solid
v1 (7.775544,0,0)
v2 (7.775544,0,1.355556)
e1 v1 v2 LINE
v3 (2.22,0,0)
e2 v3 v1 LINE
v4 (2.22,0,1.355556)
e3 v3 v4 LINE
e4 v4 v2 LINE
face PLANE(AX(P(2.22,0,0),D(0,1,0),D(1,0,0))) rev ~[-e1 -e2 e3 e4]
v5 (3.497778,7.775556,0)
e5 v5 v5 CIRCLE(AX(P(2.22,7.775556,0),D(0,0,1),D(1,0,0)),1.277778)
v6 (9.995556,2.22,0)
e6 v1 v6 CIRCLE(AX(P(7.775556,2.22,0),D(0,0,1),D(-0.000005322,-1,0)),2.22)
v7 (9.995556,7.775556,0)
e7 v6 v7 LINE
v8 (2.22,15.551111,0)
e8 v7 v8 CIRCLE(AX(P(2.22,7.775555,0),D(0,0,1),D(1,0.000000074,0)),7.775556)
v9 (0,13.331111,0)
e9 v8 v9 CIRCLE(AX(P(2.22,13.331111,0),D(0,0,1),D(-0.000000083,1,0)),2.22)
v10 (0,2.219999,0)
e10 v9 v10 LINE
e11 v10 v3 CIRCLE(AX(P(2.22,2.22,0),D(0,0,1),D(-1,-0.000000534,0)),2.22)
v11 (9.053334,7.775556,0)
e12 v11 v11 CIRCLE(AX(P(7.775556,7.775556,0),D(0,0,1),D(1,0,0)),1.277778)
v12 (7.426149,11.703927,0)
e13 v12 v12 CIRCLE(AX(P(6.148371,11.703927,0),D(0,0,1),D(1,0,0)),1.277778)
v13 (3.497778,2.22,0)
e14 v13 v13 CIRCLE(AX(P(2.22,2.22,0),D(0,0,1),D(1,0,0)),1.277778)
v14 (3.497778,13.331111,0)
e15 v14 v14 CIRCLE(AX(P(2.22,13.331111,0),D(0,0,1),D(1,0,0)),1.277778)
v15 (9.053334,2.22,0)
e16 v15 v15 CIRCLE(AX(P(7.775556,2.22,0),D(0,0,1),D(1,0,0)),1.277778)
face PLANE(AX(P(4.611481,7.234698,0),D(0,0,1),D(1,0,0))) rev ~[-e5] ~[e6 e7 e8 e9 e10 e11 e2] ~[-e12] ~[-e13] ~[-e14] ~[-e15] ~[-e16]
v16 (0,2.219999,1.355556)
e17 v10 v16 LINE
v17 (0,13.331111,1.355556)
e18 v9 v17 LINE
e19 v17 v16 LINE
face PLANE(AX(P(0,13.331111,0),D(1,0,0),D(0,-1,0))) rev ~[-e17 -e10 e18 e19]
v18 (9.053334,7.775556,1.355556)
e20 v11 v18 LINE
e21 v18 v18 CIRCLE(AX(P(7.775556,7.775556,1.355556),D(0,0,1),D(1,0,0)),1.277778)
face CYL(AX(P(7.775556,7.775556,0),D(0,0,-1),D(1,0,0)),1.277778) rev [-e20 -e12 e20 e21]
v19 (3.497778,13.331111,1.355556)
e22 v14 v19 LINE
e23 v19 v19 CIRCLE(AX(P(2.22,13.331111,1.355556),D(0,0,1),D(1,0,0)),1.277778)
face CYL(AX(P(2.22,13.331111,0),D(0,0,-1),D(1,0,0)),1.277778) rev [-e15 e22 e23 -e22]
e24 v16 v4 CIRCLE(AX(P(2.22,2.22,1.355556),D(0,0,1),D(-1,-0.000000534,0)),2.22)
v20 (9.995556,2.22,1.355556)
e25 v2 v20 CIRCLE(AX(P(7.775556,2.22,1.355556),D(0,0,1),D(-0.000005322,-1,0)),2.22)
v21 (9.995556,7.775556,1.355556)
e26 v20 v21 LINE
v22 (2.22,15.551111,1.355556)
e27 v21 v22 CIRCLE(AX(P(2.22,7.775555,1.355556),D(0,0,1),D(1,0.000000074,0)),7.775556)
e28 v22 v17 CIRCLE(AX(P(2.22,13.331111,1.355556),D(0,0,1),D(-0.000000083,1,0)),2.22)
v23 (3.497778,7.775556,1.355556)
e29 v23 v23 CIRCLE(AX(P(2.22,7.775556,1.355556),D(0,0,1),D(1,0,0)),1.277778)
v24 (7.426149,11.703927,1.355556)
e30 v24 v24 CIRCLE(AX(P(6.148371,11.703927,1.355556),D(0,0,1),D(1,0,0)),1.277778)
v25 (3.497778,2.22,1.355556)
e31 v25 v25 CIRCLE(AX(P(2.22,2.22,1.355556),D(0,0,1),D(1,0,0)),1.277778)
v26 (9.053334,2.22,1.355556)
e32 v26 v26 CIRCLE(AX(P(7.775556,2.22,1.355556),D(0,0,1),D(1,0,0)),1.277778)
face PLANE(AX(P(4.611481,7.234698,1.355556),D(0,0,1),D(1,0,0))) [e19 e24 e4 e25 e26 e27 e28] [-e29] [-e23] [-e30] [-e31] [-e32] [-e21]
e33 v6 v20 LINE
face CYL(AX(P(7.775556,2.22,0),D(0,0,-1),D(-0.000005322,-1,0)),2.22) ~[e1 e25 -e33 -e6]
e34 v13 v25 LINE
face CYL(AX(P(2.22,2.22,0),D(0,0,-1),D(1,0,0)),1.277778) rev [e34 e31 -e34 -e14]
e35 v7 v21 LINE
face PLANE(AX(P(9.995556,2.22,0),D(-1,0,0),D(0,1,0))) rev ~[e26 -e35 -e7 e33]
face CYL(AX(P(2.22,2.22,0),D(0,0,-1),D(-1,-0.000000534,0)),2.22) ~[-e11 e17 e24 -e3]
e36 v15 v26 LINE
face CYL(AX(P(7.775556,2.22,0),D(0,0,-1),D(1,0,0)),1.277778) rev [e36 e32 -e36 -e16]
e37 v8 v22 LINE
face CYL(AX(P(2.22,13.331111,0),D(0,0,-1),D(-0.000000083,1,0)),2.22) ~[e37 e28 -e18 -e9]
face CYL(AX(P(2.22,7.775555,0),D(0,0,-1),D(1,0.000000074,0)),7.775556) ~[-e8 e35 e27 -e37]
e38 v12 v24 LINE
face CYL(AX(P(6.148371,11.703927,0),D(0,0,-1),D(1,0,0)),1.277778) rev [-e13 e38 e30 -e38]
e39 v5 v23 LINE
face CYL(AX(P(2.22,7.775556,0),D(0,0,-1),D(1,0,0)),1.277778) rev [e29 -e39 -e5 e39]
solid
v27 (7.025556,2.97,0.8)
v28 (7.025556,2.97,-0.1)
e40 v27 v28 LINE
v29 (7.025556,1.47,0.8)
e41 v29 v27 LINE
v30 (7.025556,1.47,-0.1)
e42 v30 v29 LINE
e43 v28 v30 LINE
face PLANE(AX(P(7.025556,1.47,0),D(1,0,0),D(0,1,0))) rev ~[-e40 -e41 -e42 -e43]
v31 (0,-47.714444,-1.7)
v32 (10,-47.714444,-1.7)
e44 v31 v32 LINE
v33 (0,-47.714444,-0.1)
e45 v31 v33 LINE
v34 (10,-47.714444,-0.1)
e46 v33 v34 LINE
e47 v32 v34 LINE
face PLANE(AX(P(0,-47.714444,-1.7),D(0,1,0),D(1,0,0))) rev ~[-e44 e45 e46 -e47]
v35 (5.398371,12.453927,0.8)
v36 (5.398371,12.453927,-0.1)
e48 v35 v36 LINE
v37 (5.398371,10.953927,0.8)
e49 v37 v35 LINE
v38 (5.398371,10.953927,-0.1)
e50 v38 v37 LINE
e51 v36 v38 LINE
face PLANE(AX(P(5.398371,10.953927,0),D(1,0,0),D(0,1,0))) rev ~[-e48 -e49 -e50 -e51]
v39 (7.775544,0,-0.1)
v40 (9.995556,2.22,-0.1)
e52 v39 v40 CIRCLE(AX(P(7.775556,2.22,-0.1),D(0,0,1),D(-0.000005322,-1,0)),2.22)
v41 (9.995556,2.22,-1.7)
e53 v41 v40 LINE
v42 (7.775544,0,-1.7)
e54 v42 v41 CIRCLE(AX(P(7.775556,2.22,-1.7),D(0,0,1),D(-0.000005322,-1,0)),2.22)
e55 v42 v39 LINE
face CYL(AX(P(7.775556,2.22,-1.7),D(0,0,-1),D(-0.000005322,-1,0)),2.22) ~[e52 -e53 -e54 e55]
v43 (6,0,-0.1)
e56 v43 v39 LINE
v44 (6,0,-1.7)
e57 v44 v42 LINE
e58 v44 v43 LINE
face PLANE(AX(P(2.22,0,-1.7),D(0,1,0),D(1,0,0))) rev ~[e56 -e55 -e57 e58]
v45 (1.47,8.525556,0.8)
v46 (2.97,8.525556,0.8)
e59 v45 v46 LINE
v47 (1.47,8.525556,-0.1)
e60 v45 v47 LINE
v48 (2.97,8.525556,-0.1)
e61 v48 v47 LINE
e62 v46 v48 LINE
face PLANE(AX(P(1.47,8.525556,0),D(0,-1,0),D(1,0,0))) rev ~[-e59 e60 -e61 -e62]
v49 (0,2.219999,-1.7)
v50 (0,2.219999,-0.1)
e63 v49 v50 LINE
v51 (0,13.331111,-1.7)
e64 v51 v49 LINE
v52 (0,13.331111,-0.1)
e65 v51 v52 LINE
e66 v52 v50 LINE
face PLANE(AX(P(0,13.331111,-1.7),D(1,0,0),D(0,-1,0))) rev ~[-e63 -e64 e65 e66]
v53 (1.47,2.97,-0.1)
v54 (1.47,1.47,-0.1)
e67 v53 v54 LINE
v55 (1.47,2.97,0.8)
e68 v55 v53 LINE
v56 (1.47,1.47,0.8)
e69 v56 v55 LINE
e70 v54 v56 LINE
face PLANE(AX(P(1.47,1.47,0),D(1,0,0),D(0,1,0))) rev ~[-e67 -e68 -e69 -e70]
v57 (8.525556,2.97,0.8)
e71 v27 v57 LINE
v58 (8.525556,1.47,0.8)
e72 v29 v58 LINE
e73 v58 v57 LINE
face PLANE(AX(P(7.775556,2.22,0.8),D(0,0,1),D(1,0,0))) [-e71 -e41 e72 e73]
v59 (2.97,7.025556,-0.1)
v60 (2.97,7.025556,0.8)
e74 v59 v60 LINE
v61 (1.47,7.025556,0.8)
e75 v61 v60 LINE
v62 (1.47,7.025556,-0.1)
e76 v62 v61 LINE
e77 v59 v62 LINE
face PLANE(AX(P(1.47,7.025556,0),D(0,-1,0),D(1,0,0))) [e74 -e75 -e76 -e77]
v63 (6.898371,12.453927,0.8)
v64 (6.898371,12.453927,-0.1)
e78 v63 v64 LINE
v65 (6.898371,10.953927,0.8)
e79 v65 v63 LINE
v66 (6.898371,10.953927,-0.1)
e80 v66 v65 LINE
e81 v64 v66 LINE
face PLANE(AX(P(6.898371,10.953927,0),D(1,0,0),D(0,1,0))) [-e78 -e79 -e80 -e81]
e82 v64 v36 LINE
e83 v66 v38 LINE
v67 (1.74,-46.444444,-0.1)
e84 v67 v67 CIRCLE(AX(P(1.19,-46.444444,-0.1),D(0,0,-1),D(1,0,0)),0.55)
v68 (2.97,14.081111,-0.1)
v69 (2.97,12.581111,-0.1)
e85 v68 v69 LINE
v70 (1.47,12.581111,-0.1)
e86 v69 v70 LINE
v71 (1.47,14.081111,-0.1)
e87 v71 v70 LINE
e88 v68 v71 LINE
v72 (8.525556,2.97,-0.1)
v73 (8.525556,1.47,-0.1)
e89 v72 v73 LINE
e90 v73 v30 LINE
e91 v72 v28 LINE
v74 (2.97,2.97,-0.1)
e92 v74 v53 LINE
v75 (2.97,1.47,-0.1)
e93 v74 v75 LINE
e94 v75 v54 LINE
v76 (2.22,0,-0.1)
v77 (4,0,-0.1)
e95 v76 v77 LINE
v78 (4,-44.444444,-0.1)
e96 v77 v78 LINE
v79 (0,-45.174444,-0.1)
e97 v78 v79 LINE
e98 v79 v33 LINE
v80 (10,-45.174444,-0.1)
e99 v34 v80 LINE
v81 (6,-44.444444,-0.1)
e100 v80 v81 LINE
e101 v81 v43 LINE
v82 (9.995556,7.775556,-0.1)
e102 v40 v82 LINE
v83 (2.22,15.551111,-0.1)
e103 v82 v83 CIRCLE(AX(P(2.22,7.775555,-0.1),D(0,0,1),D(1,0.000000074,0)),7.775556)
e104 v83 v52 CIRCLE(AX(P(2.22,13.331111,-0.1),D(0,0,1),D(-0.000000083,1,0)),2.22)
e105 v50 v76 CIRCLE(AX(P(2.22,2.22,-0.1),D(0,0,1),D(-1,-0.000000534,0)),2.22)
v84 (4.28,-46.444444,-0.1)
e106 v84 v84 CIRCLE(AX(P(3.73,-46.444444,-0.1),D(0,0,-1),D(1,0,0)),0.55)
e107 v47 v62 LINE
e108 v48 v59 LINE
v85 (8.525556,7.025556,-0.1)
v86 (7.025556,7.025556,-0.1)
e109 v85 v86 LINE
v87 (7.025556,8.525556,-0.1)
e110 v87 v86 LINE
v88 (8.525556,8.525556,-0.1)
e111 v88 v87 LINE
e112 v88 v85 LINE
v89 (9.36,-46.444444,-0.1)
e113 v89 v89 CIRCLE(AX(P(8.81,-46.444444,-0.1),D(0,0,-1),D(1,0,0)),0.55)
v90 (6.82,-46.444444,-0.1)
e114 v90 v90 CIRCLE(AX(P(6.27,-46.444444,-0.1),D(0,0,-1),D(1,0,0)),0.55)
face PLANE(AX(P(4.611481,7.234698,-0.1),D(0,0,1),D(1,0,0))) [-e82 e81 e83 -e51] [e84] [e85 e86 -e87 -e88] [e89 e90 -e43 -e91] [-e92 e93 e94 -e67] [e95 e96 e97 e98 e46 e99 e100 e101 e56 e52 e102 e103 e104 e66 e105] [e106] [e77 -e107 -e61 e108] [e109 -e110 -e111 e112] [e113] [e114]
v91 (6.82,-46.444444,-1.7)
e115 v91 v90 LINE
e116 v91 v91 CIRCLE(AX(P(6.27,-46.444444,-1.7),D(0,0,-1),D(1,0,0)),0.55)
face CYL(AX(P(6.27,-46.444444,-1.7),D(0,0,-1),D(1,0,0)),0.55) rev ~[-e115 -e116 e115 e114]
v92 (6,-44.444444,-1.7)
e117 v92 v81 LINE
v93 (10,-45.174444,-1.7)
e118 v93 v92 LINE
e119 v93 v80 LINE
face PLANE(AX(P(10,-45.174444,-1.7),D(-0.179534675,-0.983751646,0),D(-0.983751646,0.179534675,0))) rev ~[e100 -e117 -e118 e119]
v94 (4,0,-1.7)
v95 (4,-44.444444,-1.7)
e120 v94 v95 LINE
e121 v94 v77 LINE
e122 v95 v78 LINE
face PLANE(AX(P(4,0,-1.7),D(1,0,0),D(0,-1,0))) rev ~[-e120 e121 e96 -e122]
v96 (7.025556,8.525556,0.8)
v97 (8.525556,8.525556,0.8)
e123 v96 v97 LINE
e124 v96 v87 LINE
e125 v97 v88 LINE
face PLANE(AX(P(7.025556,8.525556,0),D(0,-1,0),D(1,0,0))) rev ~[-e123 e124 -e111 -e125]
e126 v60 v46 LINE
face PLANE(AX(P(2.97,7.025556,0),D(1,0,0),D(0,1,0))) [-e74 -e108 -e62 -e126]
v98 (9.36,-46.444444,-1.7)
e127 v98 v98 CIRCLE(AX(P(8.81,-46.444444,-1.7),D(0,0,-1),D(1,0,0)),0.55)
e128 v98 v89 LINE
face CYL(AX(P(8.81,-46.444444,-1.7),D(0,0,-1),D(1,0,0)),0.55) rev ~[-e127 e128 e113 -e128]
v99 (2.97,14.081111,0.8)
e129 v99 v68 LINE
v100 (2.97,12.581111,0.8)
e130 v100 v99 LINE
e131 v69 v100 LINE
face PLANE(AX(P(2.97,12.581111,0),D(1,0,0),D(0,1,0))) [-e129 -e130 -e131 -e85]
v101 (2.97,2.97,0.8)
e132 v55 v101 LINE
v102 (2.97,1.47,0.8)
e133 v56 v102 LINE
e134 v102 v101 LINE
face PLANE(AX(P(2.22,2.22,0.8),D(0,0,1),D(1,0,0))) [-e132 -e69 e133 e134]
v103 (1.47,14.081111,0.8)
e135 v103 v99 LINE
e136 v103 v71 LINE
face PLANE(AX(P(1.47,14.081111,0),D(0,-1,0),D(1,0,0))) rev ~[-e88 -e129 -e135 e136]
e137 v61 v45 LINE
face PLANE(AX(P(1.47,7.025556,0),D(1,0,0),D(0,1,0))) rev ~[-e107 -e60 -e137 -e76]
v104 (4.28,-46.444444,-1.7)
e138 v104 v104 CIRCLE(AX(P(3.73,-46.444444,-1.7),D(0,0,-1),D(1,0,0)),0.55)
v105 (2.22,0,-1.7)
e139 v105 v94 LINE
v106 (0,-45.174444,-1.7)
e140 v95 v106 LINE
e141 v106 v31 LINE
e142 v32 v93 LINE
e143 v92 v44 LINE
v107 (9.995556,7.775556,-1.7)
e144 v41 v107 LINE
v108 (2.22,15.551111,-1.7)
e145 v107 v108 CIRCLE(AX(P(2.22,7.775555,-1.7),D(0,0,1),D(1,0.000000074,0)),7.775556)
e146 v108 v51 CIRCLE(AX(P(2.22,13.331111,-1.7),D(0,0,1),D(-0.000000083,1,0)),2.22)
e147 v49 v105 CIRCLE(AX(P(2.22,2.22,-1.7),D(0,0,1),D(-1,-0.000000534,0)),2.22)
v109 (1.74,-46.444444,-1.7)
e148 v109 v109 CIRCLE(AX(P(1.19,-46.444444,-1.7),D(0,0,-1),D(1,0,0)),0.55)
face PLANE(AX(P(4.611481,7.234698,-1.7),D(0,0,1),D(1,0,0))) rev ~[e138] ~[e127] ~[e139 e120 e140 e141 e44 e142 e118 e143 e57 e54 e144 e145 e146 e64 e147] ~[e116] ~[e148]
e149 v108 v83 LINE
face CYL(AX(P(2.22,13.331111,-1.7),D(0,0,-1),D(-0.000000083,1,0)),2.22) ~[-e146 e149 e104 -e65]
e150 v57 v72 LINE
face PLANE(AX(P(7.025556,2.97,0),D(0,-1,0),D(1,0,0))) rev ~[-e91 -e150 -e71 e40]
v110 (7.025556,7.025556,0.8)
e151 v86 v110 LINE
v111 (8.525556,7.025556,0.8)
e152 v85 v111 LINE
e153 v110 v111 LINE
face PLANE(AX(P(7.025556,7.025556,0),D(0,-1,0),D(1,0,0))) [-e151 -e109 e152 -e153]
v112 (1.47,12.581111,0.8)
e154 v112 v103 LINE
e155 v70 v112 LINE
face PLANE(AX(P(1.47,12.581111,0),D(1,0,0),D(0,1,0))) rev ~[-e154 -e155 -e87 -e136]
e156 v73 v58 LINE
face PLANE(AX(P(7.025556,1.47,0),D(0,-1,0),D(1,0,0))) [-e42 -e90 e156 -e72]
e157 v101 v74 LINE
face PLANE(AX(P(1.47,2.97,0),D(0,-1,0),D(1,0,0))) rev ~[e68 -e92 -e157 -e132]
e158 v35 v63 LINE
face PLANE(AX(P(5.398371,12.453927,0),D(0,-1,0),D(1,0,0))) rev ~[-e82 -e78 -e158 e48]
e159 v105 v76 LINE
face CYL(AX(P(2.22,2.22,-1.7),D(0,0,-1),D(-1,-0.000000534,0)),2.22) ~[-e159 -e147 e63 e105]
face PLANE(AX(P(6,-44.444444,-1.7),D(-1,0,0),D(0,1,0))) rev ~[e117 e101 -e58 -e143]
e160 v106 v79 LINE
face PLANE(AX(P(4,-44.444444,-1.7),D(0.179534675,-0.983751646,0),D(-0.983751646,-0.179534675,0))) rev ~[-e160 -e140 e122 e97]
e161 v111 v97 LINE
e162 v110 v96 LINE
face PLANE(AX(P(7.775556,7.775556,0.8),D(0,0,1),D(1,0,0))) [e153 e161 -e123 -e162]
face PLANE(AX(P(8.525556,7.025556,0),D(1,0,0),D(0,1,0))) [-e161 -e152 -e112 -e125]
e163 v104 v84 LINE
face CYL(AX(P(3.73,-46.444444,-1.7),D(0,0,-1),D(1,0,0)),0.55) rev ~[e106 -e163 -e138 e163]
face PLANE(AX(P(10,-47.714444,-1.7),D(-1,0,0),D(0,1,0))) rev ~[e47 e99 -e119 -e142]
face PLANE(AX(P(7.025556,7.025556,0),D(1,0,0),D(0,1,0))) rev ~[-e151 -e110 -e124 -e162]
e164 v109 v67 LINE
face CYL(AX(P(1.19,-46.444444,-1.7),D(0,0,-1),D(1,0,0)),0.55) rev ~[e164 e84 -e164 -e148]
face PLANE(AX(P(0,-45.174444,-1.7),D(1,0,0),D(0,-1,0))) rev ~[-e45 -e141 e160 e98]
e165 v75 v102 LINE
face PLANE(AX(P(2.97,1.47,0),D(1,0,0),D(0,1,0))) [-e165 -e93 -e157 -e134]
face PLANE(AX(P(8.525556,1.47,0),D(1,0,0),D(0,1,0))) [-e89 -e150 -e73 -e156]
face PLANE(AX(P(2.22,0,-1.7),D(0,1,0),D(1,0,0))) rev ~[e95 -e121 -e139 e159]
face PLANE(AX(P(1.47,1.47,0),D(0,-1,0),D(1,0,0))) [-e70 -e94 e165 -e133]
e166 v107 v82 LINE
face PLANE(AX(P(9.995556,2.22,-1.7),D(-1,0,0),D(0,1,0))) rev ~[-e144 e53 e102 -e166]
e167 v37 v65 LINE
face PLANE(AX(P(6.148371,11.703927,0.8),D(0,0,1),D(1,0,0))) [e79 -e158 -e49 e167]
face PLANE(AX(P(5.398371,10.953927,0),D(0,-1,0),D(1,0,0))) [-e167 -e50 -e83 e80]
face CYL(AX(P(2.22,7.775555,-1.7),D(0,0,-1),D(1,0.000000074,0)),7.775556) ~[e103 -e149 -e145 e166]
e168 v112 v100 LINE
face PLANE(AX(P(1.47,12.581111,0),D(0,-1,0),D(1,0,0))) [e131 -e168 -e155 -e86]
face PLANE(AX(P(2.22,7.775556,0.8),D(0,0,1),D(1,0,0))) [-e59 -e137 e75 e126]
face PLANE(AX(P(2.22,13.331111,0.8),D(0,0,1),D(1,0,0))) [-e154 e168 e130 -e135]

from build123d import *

# Parameters (mm, degrees)
SKETCH_R          = 1.277778
PAD_DEPTH         = 1.355556
SKETCH001_W       = 1.5
SKETCH001_H       = 1.5
PAD001_DEPTH      = 0.8
PAD001_DEPTH_BACK = 1.6
PAD002_DEPTH      = 1.6
SKETCH003_R       = 0.55
PAD003_DEPTH      = 1.6


with BuildPart() as part:
    # Sketch (on XY_Plane of Origin) → Pad (new body)
    with BuildSketch(Plane.XY):
        with BuildLine():
            ThreePointArc((2.22, 15.551111), (0.650223, 14.900888), (0, 13.331111))
            Line((0, 13.331111), (0, 2.219999))
            ThreePointArc((0, 2.219999), (0.650223, 0.650223), (2.22, 0))
            Line((2.22, 0), (7.775544, 0))
            ThreePointArc((7.775544, 0), (9.345329, 0.650219), (9.995556, 2.22))
            Line((9.995556, 2.22), (9.995556, 7.775556))
            ThreePointArc((9.995556, 7.775556), (7.718148, 13.273704), (2.22, 15.551111))
        make_face()
        with Locations((2.22, 13.331111)):
            Circle(SKETCH_R, mode=Mode.SUBTRACT)
        with Locations((2.22, 7.775556)):
            Circle(SKETCH_R, mode=Mode.SUBTRACT)
        with Locations((2.22, 2.22)):
            Circle(SKETCH_R, mode=Mode.SUBTRACT)
        with Locations((7.775556, 7.775556)):
            Circle(SKETCH_R, mode=Mode.SUBTRACT)
        with Locations((7.775556, 2.22)):
            Circle(SKETCH_R, mode=Mode.SUBTRACT)
        with Locations((6.148371, 11.703927)):
            Circle(SKETCH_R, mode=Mode.SUBTRACT)
    extrude(amount=PAD_DEPTH)

    # Sketch001 (on XY_Plane of Origin) → Pad001 (join, two sides)
    with BuildSketch(Plane.XY) as pad001_sk:
        with Locations((2.22, 13.331111)):
            Rectangle(SKETCH001_W, SKETCH001_H)
        with Locations((7.775556, 7.775556)):
            Rectangle(SKETCH001_W, SKETCH001_H)
        with Locations((2.22, 7.775556)):
            Rectangle(SKETCH001_W, SKETCH001_H)
        with Locations((2.22, 2.22)):
            Rectangle(SKETCH001_W, SKETCH001_H)
        with Locations((7.775556, 2.22)):
            Rectangle(SKETCH001_W, SKETCH001_H)
        with Locations((6.148371, 11.703927)):
            Rectangle(SKETCH001_W, SKETCH001_H)
    extrude(amount=PAD001_DEPTH)
    extrude(pad001_sk.sketch, amount=-PAD001_DEPTH_BACK)

    # Sketch002 (on XY_Plane of Origin) → Pad002 (join)
    with BuildSketch(Plane.XY.offset(-1.7)):
        with BuildLine():
            ThreePointArc((2.22, 15.551111), (0.650223, 14.900888), (0, 13.331111))
            Line((0, 13.331111), (0, 2.219999))
            ThreePointArc((0, 2.219999), (0.650223, 0.650223), (2.22, 0))
            Line((2.22, 0), (7.775544, 0))
            ThreePointArc((7.775544, 0), (9.345329, 0.650219), (9.995556, 2.22))
            Line((9.995556, 2.22), (9.995556, 7.775556))
            ThreePointArc((9.995556, 7.775556), (7.718148, 13.273704), (2.22, 15.551111))
        make_face()
    extrude(amount=PAD002_DEPTH)

    # Sketch003 (on Face34 of Pad002) → Pad003 (join)
    with BuildSketch(Plane(origin=(0, 0, -1.7), x_dir=(1, 0, 0), z_dir=(0, 0, -1))):
        Polygon((0, 45.174444), (0, 47.714444), (10, 47.714444), (10, 45.174444), (6, 44.444444), (6, 0), (4, 0), (4, 44.444444), align=None)
        with Locations((1.19, 46.444444)):
            Circle(SKETCH003_R, mode=Mode.SUBTRACT)
        with Locations((3.73, 46.444444)):
            Circle(SKETCH003_R, mode=Mode.SUBTRACT)
        with Locations((6.27, 46.444444)):
            Circle(SKETCH003_R, mode=Mode.SUBTRACT)
        with Locations((8.81, 46.444444)):
            Circle(SKETCH003_R, mode=Mode.SUBTRACT)
    extrude(amount=-PAD003_DEPTH)


solid = part.part
